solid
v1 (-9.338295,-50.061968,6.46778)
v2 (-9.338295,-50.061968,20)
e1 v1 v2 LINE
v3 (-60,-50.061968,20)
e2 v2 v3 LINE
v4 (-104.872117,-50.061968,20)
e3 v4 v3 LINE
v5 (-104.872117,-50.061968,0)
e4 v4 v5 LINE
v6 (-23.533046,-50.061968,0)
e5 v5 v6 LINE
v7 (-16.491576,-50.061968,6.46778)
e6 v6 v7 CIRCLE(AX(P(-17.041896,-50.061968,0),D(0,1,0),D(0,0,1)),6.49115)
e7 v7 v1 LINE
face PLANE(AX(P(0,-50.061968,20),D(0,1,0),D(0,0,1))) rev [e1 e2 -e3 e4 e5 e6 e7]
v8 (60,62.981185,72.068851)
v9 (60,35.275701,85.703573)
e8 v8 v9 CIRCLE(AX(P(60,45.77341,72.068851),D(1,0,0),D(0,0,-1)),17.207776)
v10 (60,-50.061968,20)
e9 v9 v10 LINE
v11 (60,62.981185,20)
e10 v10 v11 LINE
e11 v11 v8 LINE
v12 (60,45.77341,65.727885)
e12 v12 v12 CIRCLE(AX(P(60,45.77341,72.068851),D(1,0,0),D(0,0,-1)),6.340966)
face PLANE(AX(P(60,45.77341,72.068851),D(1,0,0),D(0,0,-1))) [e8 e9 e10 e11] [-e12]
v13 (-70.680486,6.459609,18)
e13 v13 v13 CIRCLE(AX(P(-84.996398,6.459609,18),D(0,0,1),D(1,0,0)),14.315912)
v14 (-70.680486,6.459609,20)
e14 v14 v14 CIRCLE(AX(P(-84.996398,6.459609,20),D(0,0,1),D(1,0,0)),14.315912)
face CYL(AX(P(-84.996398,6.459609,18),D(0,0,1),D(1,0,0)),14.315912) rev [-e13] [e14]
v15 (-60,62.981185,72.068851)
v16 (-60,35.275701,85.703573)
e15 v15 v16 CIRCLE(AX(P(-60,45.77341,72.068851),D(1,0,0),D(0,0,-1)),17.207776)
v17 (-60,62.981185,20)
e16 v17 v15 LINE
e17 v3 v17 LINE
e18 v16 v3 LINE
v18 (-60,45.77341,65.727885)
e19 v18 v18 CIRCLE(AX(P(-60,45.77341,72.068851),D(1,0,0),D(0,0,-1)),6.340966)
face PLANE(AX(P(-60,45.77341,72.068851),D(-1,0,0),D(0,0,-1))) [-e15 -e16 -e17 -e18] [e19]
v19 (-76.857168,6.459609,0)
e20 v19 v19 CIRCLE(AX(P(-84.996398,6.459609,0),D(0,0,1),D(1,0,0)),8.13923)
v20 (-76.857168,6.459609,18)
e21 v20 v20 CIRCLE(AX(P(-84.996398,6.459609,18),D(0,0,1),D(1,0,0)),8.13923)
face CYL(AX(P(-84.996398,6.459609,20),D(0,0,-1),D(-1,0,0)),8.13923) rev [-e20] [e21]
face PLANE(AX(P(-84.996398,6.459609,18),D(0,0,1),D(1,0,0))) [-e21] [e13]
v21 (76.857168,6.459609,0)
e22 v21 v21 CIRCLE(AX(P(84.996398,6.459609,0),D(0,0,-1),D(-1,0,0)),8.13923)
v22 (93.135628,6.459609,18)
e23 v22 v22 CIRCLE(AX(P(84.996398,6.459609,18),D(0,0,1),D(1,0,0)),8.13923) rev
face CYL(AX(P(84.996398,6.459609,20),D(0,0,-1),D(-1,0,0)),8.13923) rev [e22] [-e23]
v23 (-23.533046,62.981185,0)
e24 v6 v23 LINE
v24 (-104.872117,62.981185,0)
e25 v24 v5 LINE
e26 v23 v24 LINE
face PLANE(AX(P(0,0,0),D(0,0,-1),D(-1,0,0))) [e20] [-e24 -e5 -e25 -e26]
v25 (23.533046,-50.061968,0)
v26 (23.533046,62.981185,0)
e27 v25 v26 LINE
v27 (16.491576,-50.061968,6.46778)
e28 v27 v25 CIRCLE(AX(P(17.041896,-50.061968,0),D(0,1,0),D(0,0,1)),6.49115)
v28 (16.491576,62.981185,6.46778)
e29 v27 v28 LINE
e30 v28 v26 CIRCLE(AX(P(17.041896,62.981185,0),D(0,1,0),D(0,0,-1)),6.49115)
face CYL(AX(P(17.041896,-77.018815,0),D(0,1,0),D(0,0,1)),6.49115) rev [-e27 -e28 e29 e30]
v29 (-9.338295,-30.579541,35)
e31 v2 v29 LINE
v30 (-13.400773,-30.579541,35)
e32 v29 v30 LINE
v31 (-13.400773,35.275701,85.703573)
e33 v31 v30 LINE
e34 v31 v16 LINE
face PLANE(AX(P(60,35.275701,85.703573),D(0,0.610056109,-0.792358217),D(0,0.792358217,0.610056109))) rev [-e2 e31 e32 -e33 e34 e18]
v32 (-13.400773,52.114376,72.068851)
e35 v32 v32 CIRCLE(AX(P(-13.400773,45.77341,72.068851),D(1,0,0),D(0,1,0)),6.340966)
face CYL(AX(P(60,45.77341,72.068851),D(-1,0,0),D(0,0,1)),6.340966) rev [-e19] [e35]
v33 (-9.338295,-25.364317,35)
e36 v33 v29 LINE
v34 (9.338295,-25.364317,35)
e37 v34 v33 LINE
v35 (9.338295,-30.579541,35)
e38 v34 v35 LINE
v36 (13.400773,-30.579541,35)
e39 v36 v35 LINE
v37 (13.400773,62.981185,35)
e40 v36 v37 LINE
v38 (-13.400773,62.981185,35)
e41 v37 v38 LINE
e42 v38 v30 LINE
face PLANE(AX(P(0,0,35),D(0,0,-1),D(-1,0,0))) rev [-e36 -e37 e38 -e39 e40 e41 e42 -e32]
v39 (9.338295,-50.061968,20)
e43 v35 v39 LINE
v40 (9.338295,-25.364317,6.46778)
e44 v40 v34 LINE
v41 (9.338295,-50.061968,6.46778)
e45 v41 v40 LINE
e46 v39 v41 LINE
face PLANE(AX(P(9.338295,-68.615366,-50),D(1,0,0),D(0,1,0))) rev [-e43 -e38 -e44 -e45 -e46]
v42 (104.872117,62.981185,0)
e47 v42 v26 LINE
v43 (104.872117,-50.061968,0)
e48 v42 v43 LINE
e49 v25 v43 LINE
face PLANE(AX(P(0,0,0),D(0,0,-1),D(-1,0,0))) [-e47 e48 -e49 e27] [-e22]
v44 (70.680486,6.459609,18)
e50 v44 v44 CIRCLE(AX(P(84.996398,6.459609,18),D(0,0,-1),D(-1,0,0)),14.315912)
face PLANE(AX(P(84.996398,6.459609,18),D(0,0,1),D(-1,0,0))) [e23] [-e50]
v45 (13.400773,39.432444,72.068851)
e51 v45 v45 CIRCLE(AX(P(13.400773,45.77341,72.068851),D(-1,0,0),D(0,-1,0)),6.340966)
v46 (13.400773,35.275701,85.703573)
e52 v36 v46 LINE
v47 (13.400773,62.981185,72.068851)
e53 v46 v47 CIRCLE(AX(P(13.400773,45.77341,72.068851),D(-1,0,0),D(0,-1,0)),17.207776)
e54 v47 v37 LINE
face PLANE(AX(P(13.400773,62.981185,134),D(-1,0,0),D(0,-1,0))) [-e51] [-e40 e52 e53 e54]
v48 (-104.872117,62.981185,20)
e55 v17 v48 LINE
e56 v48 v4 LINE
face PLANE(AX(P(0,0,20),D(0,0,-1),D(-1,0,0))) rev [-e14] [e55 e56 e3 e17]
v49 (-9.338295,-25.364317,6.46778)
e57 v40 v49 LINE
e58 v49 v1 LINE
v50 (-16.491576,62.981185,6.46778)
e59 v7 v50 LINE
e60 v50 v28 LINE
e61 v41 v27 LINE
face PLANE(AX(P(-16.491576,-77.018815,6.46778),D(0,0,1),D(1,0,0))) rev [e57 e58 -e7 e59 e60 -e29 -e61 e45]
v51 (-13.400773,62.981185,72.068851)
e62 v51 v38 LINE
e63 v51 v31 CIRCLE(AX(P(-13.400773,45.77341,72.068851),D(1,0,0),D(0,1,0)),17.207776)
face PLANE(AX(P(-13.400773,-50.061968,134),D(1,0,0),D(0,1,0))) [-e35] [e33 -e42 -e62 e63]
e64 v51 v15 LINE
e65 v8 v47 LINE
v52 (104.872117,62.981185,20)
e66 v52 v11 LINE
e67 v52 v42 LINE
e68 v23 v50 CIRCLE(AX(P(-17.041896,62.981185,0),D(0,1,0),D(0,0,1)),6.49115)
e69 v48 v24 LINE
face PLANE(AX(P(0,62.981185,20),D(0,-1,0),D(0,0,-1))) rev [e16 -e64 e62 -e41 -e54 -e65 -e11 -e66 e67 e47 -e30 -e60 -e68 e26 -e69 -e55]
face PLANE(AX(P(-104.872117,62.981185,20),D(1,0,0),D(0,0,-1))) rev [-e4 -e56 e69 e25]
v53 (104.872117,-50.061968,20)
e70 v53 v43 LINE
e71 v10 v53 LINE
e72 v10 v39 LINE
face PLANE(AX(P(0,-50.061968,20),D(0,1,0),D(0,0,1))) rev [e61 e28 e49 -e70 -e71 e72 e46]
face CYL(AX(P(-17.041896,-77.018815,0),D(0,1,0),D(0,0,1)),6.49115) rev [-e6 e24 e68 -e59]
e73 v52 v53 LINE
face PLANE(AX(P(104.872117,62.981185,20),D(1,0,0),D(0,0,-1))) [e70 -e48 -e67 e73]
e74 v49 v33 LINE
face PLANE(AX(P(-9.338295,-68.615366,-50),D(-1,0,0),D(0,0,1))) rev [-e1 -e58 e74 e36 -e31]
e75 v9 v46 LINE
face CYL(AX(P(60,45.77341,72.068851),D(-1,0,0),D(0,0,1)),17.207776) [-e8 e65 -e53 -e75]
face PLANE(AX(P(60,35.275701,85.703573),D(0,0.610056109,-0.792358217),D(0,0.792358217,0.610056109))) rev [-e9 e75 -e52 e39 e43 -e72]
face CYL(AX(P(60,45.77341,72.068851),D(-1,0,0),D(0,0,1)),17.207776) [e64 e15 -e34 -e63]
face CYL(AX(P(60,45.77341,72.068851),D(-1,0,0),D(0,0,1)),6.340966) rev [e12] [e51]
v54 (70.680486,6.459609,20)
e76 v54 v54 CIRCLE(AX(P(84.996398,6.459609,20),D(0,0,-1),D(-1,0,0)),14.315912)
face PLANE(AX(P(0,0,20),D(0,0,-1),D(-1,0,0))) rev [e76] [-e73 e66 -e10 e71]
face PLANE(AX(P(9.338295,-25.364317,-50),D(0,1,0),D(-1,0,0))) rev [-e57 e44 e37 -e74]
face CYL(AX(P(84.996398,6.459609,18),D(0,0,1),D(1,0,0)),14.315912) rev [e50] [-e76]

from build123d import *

# Parameters (mm, degrees)
SZKIC1_W                    = 104.872117299
SZKIC1_H                    = 113.043153049
SZKIC1_R                    = 8.139229877
DODANIE_WYCI_GNI_CIE1_DEPTH = 20
SZKIC2_R                    = 14.315912416
WYTNIJ_WYCI_GNI_CIE1_DEPTH  = 2
WYTNIJ_WYCI_GNI_CIE2_DEPTH  = 140
SZKIC9_R                    = 6.34096602
DODANIE_WYCI_GNI_CIE2_DEPTH = 60
SZKIC12_W                   = 26.801545634
SZKIC12_H                   = 113.043153049
WYTNIJ_WYCI_GNI_CIE8_DEPTH  = 99
SZKIC13_W                   = 18.676589494
SZKIC13_H                   = 43.251049354
WYTNIJ_WYCI_GNI_CIE9_DEPTH  = 85


with BuildPart() as part:
    # Szkic1 → Dodanie-wyciągnięcie1 (new body)
    with BuildSketch(Plane.XY):
        with Locations((-52.43605865, 6.459608746)):
            Rectangle(SZKIC1_W, SZKIC1_H)
        with Locations((-84.996398081, 6.459608746)):
            Circle(SZKIC1_R, mode=Mode.SUBTRACT)
    dodanie_wyci_gni_cie1 = extrude(amount=DODANIE_WYCI_GNI_CIE1_DEPTH)

    # Szkic2 → Wytnij-wyciągnięcie1 (cut)
    with BuildSketch(Plane.XY.offset(20)):
        with Locations((-84.996398081, 6.459608746)):
            Circle(SZKIC2_R)
    wytnij_wyci_gni_cie1 = extrude(amount=-WYTNIJ_WYCI_GNI_CIE1_DEPTH, mode=Mode.SUBTRACT)

    # Lustro2: Dodanie-wyciągnięcie1, Wytnij-wyciągnięcie1 across plane
    add(dodanie_wyci_gni_cie1.mirror(Plane(origin=(0, 62.98118527, 20), x_dir=(0, 0, 1), z_dir=(-1, 0, 0))))
    add(wytnij_wyci_gni_cie1.mirror(Plane(origin=(0, 62.98118527, 20), x_dir=(0, 0, 1), z_dir=(-1, 0, 0))), mode=Mode.SUBTRACT)

    # Szkic6 → Wytnij-wyciągnięcie2 (cut)
    with BuildSketch(Plane(origin=(0, 62.98118527, 0), x_dir=(1, 0, 0), z_dir=(0, 1, 0))):
        with BuildLine():
            Line((-23.533046442, 0), (23.533046442, 0))
            ThreePointArc((23.533046442, 0), (21.432956346, -4.78054627), (16.491575681, -6.467780152))
            Line((16.491575681, -6.467780152), (-16.491575681, -6.467780152))
            ThreePointArc((-16.491575681, -6.467780152), (-21.432956346, -4.78054627), (-23.533046442, 0))
        make_face()
    extrude(amount=-WYTNIJ_WYCI_GNI_CIE2_DEPTH, mode=Mode.SUBTRACT)

    # Szkic9 → Dodanie-wyciągnięcie2 (add)
    with BuildSketch(Plane(origin=(0, 0, 0), x_dir=(0, 0, -1), z_dir=(1, 0, 0))):
        with BuildLine():
            Line((-20, 62.98118527), (-72.068850924, 62.98118527))
            ThreePointArc((-72.068850924, 62.98118527), (-87.508244639, 53.371610982), (-85.703573327, 35.27570101))
            Line((-85.703573327, 35.27570101), (-20, -50.061967779))
            Line((-20, -50.061967779), (-20, 62.98118527))
        make_face()
        with Locations((-72.068850924, 45.773409652)):
            Circle(SZKIC9_R, mode=Mode.SUBTRACT)
    dodanie_wyci_gni_cie2 = extrude(amount=DODANIE_WYCI_GNI_CIE2_DEPTH)

    # Lustro3: Dodanie-wyciągnięcie2 across plane
    add(dodanie_wyci_gni_cie2.mirror(Plane(origin=(0, 45.773409652, 72.068850924), x_dir=(0, 0, 1), z_dir=(1, 0, 0))))

    # Szkic12 → Wytnij-wyciągnięcie8 (cut)
    with BuildSketch(Plane.XY.offset(35)):
        with Locations((0, 6.459608746)):
            Rectangle(SZKIC12_W, SZKIC12_H)
    extrude(amount=WYTNIJ_WYCI_GNI_CIE8_DEPTH, mode=Mode.SUBTRACT)

    # Szkic13 → Wytnij-wyciągnięcie9 (cut)
    with BuildSketch(Plane.XY.offset(35)):
        with Locations((0, -46.989841451)):
            Rectangle(SZKIC13_W, SZKIC13_H)
    extrude(amount=-WYTNIJ_WYCI_GNI_CIE9_DEPTH, mode=Mode.SUBTRACT)


solid = part.part
